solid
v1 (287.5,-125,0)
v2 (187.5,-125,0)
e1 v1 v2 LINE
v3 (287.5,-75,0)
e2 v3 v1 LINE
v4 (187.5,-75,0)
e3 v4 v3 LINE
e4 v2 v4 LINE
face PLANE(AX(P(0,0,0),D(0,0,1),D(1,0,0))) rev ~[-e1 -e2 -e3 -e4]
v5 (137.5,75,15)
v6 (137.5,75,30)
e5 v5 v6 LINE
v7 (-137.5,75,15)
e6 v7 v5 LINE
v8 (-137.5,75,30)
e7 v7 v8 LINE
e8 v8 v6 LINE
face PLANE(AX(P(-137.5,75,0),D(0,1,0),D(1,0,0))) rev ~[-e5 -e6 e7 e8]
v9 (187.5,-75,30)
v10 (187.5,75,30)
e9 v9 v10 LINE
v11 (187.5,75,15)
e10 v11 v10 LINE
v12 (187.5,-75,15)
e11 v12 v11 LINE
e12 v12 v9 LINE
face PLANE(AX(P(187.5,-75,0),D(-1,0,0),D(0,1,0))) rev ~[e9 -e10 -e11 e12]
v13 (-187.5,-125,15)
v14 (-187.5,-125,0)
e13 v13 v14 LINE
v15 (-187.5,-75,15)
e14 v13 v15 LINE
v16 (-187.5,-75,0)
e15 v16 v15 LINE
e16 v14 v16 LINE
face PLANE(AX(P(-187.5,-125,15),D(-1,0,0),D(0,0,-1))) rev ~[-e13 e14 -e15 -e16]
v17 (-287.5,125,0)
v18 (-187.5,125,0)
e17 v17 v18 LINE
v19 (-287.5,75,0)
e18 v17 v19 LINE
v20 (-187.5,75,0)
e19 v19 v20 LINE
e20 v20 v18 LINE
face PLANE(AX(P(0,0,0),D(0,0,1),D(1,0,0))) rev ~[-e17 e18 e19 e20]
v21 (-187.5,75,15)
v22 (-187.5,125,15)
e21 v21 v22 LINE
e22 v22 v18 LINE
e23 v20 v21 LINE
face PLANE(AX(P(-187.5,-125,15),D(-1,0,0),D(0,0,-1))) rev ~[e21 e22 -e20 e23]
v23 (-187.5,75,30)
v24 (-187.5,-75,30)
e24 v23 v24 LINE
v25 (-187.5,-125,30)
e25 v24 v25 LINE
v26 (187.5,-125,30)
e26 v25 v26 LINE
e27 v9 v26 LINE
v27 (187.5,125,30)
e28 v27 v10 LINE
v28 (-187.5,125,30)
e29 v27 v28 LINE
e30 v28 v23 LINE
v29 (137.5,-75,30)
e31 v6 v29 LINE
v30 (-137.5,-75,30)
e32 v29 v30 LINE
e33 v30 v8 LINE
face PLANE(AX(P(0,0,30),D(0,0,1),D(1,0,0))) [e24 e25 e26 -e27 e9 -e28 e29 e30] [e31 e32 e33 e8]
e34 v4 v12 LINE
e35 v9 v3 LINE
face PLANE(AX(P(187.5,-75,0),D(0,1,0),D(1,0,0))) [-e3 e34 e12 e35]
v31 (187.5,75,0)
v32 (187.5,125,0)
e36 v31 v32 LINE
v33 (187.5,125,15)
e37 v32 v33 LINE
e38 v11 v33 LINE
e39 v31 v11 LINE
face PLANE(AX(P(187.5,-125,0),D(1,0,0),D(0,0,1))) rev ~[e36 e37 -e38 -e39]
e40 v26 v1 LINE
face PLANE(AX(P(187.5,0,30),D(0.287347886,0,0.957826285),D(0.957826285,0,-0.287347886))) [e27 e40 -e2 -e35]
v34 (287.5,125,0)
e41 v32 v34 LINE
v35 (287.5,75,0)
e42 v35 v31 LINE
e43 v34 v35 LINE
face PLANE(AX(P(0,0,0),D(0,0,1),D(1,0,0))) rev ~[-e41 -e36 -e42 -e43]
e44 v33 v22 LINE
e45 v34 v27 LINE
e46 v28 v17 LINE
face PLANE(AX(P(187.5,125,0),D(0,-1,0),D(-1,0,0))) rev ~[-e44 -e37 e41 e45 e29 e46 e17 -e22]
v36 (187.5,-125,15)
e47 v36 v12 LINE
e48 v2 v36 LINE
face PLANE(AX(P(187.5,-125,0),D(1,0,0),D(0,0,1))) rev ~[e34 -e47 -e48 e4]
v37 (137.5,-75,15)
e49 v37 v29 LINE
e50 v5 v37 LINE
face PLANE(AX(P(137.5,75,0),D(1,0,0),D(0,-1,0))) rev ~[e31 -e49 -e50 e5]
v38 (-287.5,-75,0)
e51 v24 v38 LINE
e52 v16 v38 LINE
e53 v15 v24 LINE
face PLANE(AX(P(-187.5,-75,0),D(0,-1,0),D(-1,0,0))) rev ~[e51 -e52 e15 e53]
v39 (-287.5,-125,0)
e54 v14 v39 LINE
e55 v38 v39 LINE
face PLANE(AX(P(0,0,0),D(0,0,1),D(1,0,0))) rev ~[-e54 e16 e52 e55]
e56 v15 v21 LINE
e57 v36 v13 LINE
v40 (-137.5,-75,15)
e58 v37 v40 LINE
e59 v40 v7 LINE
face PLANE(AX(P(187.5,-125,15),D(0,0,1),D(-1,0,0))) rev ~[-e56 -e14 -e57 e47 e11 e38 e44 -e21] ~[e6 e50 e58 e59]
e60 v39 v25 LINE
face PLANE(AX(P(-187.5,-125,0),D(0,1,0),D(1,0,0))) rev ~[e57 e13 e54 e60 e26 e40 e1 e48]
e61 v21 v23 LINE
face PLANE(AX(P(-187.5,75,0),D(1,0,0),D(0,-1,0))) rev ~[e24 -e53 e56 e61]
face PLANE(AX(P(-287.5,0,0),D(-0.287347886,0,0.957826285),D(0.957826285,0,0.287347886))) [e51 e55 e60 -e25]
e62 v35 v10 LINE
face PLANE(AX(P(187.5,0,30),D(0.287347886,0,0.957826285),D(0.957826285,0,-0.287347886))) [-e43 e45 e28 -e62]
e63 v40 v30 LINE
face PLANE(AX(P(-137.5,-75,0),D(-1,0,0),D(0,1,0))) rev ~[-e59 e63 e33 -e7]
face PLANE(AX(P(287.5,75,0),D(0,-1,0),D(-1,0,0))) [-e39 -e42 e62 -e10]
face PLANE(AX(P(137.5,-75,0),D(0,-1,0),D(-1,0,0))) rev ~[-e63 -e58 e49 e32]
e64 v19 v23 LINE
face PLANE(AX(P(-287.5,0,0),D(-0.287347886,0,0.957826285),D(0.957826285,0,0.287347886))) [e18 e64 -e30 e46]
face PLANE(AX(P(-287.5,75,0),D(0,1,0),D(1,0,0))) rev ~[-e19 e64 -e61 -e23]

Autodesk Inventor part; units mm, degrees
ref_plane "YZ Plane" through (0, 0, 0) normal (1, 0, 0) x (0, 1, 0)
ref_plane "XZ Plane" through (0, 0, 0) normal (0, 1, 0) x (-1, 0, 0)
sketch "Sketch1" plane through (0, 0, 0) normal (0, 0, 1) x (1, 0, 0)
  line L0 (137.5, -75) -> (-137.5, -75)
  line L1 (-137.5, -75) -> (-137.5, 75)
  line L2 (-137.5, 75) -> (137.5, 75)
  line L3 (137.5, 75) -> (137.5, -75)
  line L4 (137.5, -75) -> (-137.5, 75) construction
  line L5 (-137.5, -75) -> (137.5, 75) construction
  line L6 (187.5, 125) -> (-187.5, 125)
  line L7 (-187.5, 125) -> (-187.5, -125)
  line L8 (-187.5, -125) -> (187.5, -125)
  line L9 (187.5, -125) -> (187.5, 125)
  line L10 (-187.5, 125) -> (-287.5, 125)
  line L11 (-287.5, 125) -> (-287.5, 75)
  line L12 (-287.5, 75) -> (-187.5, 75)
  line L13 (-187.5, 75) -> (-187.5, 125)
  line L14 (-187.5, -75) -> (-287.5, -75)
  line L15 (-287.5, -75) -> (-287.5, -125)
  line L16 (-287.5, -125) -> (-187.5, -125)
  line L17 (-187.5, -125) -> (-187.5, -75)
  line L18 (0, 175) -> (0, -175) construction
  line L19 (-1719.5601, 0) -> (1799.9601, 0) construction
  line L20 (187.5, 125) -> (287.5, 125)
  line L21 (287.5, 125) -> (287.5, 75)
  line L22 (287.5, 75) -> (187.5, 75)
  line L23 (187.5, -75) -> (287.5, -75)
  line L24 (287.5, -75) -> (287.5, -125)
  line L25 (287.5, -125) -> (187.5, -125)
  line L26 (1719.5601, 0) -> (-1799.9601, 0) construction
  point P0 (0, 0)
  point P1 (237.5, -125)
  point P2 (0, -125)
  point P3 (-237.5, 125)
  point P4 (0, 125)
  point P5 (237.5, 125)
  point P6 (-237.5, -125)
  point P7 (-237.5, -75)
  point P8 (0, -75)
  point P9 (-237.5, 75)
  point P10 (0, 75)
  point P11 (-287.5, 100)
  point P12 (-287.5, -100)
  point P13 (287.5, 100)
  point P14 (287.5, -100)
  point P15 (187.5, 75)
  dimension "d0" = 50
  dimension "d1" = 150
  dimension "d2" = 275
  dimension "d3" = 100
extrude "Extrusion1" add sketch "Sketch1" along normal blind 30
ref_plane "Work Plane1" through (-287.5, 0, 0) normal (0, -1, 0) x (1, 0, 0)
sketch "Sketch2" plane through (-287.5, 0, 0) normal (0, -1, 0) x (1, 0, 0)
  line L0 (475, 30) -> (475, 0) construction
  line L1 (475, 0) -> (425, 0) construction
  line L2 (425, 0) -> (425, 30) construction
  line L3 (425, 30) -> (475, 30) construction
  line L4 (100, 0) -> (100, 30) construction
  line L5 (100, 30) -> (150, 30) construction
  line L6 (150, 30) -> (150, 0) construction
  line L7 (150, 0) -> (100, 0) construction
  line L8 (475, 30) -> (475, 0) construction
  line L9 (475, 0) -> (425, 0) construction
  line L10 (425, 0) -> (425, 30) construction
  line L11 (100, 0) -> (100, 30) construction
  line L12 (150, 30) -> (150, 0) construction
  line L13 (150, 0) -> (100, 0) construction
  line L14 (0, 0) -> (100, 0) construction
  line L15 (100, 0) -> (100, 30) construction
  line L16 (0, 30) -> (100, 30) construction
  line L17 (0, 0) -> (0, 30) construction
  line L18 (150, 0) -> (425, 0) construction
  line L19 (425, 0) -> (425, 30) construction
  line L20 (150, 30) -> (425, 30) construction
  line L21 (150, 0) -> (150, 30) construction
  line L22 (475, 0) -> (575, 0) construction
  line L23 (575, 0) -> (575, 30) construction
  line L24 (475, 30) -> (575, 30) construction
  line L25 (475, 0) -> (475, 30) construction
  line L26 (0, 0) -> (0, 30) projected
  line L27 (0, 0) -> (100, 30)
  line L28 (475, 30) -> (575, 0)
  line L29 (425, 30) -> (475, 30) projected
  line L30 (100, 30) -> (150, 30) projected
  line L31 (0, 0) -> (100, 0)
  line L32 (100, 30) -> (100, 0)
  line L33 (475, 30) -> (475, 0)
  line L34 (575, 0) -> (0, 0) projected
  line L35 (575, 0) -> (475, 0)
  line L36 (0, 30) -> (100, 30)
  line L37 (100, 30) -> (100, 0)
  line L38 (100, 0) -> (0, 0)
  line L39 (0, 0) -> (0, 30)
  line L40 (475, 30) -> (575, 30)
  line L41 (575, 30) -> (575, 0)
  line L42 (575, 0) -> (475, 0)
  line L43 (475, 0) -> (475, 30)
  point P0 (287.5, 0)
extrude "Extrusion2" cut sketch "Sketch2" along normal through all both and the other way through all contours L26 L36 L27 | L40 L41 L28
sketch "Sketch3" plane through (-287.5, -125, 0) normal (0, -1, 0) x (1, 0, 0)
  line L0 (475, 0) -> (475, 30) projected
  line L1 (100, 0) -> (475, 0)
  line L2 (475, 0) -> (475, 15)
  line L3 (475, 15) -> (100, 15)
  line L4 (100, 15) -> (100, 0)
  line L5 (0, 0) -> (575, 0) projected
  point P0 (287.5, 0)
  point P1 (287.5, 0)
extrude "Extrusion3" cut sketch "Sketch3" against normal through all
ref_plane "Work Plane2" through (-187.5, 0, 30) normal (0, -1, 0) x (1, 0, 0)
ref_plane "Work Plane3" through (0, -75, 30) normal (1, 0, 0) x (0, 0, -1)
properties part number "Base_plartform" material "Stainless Steel"
